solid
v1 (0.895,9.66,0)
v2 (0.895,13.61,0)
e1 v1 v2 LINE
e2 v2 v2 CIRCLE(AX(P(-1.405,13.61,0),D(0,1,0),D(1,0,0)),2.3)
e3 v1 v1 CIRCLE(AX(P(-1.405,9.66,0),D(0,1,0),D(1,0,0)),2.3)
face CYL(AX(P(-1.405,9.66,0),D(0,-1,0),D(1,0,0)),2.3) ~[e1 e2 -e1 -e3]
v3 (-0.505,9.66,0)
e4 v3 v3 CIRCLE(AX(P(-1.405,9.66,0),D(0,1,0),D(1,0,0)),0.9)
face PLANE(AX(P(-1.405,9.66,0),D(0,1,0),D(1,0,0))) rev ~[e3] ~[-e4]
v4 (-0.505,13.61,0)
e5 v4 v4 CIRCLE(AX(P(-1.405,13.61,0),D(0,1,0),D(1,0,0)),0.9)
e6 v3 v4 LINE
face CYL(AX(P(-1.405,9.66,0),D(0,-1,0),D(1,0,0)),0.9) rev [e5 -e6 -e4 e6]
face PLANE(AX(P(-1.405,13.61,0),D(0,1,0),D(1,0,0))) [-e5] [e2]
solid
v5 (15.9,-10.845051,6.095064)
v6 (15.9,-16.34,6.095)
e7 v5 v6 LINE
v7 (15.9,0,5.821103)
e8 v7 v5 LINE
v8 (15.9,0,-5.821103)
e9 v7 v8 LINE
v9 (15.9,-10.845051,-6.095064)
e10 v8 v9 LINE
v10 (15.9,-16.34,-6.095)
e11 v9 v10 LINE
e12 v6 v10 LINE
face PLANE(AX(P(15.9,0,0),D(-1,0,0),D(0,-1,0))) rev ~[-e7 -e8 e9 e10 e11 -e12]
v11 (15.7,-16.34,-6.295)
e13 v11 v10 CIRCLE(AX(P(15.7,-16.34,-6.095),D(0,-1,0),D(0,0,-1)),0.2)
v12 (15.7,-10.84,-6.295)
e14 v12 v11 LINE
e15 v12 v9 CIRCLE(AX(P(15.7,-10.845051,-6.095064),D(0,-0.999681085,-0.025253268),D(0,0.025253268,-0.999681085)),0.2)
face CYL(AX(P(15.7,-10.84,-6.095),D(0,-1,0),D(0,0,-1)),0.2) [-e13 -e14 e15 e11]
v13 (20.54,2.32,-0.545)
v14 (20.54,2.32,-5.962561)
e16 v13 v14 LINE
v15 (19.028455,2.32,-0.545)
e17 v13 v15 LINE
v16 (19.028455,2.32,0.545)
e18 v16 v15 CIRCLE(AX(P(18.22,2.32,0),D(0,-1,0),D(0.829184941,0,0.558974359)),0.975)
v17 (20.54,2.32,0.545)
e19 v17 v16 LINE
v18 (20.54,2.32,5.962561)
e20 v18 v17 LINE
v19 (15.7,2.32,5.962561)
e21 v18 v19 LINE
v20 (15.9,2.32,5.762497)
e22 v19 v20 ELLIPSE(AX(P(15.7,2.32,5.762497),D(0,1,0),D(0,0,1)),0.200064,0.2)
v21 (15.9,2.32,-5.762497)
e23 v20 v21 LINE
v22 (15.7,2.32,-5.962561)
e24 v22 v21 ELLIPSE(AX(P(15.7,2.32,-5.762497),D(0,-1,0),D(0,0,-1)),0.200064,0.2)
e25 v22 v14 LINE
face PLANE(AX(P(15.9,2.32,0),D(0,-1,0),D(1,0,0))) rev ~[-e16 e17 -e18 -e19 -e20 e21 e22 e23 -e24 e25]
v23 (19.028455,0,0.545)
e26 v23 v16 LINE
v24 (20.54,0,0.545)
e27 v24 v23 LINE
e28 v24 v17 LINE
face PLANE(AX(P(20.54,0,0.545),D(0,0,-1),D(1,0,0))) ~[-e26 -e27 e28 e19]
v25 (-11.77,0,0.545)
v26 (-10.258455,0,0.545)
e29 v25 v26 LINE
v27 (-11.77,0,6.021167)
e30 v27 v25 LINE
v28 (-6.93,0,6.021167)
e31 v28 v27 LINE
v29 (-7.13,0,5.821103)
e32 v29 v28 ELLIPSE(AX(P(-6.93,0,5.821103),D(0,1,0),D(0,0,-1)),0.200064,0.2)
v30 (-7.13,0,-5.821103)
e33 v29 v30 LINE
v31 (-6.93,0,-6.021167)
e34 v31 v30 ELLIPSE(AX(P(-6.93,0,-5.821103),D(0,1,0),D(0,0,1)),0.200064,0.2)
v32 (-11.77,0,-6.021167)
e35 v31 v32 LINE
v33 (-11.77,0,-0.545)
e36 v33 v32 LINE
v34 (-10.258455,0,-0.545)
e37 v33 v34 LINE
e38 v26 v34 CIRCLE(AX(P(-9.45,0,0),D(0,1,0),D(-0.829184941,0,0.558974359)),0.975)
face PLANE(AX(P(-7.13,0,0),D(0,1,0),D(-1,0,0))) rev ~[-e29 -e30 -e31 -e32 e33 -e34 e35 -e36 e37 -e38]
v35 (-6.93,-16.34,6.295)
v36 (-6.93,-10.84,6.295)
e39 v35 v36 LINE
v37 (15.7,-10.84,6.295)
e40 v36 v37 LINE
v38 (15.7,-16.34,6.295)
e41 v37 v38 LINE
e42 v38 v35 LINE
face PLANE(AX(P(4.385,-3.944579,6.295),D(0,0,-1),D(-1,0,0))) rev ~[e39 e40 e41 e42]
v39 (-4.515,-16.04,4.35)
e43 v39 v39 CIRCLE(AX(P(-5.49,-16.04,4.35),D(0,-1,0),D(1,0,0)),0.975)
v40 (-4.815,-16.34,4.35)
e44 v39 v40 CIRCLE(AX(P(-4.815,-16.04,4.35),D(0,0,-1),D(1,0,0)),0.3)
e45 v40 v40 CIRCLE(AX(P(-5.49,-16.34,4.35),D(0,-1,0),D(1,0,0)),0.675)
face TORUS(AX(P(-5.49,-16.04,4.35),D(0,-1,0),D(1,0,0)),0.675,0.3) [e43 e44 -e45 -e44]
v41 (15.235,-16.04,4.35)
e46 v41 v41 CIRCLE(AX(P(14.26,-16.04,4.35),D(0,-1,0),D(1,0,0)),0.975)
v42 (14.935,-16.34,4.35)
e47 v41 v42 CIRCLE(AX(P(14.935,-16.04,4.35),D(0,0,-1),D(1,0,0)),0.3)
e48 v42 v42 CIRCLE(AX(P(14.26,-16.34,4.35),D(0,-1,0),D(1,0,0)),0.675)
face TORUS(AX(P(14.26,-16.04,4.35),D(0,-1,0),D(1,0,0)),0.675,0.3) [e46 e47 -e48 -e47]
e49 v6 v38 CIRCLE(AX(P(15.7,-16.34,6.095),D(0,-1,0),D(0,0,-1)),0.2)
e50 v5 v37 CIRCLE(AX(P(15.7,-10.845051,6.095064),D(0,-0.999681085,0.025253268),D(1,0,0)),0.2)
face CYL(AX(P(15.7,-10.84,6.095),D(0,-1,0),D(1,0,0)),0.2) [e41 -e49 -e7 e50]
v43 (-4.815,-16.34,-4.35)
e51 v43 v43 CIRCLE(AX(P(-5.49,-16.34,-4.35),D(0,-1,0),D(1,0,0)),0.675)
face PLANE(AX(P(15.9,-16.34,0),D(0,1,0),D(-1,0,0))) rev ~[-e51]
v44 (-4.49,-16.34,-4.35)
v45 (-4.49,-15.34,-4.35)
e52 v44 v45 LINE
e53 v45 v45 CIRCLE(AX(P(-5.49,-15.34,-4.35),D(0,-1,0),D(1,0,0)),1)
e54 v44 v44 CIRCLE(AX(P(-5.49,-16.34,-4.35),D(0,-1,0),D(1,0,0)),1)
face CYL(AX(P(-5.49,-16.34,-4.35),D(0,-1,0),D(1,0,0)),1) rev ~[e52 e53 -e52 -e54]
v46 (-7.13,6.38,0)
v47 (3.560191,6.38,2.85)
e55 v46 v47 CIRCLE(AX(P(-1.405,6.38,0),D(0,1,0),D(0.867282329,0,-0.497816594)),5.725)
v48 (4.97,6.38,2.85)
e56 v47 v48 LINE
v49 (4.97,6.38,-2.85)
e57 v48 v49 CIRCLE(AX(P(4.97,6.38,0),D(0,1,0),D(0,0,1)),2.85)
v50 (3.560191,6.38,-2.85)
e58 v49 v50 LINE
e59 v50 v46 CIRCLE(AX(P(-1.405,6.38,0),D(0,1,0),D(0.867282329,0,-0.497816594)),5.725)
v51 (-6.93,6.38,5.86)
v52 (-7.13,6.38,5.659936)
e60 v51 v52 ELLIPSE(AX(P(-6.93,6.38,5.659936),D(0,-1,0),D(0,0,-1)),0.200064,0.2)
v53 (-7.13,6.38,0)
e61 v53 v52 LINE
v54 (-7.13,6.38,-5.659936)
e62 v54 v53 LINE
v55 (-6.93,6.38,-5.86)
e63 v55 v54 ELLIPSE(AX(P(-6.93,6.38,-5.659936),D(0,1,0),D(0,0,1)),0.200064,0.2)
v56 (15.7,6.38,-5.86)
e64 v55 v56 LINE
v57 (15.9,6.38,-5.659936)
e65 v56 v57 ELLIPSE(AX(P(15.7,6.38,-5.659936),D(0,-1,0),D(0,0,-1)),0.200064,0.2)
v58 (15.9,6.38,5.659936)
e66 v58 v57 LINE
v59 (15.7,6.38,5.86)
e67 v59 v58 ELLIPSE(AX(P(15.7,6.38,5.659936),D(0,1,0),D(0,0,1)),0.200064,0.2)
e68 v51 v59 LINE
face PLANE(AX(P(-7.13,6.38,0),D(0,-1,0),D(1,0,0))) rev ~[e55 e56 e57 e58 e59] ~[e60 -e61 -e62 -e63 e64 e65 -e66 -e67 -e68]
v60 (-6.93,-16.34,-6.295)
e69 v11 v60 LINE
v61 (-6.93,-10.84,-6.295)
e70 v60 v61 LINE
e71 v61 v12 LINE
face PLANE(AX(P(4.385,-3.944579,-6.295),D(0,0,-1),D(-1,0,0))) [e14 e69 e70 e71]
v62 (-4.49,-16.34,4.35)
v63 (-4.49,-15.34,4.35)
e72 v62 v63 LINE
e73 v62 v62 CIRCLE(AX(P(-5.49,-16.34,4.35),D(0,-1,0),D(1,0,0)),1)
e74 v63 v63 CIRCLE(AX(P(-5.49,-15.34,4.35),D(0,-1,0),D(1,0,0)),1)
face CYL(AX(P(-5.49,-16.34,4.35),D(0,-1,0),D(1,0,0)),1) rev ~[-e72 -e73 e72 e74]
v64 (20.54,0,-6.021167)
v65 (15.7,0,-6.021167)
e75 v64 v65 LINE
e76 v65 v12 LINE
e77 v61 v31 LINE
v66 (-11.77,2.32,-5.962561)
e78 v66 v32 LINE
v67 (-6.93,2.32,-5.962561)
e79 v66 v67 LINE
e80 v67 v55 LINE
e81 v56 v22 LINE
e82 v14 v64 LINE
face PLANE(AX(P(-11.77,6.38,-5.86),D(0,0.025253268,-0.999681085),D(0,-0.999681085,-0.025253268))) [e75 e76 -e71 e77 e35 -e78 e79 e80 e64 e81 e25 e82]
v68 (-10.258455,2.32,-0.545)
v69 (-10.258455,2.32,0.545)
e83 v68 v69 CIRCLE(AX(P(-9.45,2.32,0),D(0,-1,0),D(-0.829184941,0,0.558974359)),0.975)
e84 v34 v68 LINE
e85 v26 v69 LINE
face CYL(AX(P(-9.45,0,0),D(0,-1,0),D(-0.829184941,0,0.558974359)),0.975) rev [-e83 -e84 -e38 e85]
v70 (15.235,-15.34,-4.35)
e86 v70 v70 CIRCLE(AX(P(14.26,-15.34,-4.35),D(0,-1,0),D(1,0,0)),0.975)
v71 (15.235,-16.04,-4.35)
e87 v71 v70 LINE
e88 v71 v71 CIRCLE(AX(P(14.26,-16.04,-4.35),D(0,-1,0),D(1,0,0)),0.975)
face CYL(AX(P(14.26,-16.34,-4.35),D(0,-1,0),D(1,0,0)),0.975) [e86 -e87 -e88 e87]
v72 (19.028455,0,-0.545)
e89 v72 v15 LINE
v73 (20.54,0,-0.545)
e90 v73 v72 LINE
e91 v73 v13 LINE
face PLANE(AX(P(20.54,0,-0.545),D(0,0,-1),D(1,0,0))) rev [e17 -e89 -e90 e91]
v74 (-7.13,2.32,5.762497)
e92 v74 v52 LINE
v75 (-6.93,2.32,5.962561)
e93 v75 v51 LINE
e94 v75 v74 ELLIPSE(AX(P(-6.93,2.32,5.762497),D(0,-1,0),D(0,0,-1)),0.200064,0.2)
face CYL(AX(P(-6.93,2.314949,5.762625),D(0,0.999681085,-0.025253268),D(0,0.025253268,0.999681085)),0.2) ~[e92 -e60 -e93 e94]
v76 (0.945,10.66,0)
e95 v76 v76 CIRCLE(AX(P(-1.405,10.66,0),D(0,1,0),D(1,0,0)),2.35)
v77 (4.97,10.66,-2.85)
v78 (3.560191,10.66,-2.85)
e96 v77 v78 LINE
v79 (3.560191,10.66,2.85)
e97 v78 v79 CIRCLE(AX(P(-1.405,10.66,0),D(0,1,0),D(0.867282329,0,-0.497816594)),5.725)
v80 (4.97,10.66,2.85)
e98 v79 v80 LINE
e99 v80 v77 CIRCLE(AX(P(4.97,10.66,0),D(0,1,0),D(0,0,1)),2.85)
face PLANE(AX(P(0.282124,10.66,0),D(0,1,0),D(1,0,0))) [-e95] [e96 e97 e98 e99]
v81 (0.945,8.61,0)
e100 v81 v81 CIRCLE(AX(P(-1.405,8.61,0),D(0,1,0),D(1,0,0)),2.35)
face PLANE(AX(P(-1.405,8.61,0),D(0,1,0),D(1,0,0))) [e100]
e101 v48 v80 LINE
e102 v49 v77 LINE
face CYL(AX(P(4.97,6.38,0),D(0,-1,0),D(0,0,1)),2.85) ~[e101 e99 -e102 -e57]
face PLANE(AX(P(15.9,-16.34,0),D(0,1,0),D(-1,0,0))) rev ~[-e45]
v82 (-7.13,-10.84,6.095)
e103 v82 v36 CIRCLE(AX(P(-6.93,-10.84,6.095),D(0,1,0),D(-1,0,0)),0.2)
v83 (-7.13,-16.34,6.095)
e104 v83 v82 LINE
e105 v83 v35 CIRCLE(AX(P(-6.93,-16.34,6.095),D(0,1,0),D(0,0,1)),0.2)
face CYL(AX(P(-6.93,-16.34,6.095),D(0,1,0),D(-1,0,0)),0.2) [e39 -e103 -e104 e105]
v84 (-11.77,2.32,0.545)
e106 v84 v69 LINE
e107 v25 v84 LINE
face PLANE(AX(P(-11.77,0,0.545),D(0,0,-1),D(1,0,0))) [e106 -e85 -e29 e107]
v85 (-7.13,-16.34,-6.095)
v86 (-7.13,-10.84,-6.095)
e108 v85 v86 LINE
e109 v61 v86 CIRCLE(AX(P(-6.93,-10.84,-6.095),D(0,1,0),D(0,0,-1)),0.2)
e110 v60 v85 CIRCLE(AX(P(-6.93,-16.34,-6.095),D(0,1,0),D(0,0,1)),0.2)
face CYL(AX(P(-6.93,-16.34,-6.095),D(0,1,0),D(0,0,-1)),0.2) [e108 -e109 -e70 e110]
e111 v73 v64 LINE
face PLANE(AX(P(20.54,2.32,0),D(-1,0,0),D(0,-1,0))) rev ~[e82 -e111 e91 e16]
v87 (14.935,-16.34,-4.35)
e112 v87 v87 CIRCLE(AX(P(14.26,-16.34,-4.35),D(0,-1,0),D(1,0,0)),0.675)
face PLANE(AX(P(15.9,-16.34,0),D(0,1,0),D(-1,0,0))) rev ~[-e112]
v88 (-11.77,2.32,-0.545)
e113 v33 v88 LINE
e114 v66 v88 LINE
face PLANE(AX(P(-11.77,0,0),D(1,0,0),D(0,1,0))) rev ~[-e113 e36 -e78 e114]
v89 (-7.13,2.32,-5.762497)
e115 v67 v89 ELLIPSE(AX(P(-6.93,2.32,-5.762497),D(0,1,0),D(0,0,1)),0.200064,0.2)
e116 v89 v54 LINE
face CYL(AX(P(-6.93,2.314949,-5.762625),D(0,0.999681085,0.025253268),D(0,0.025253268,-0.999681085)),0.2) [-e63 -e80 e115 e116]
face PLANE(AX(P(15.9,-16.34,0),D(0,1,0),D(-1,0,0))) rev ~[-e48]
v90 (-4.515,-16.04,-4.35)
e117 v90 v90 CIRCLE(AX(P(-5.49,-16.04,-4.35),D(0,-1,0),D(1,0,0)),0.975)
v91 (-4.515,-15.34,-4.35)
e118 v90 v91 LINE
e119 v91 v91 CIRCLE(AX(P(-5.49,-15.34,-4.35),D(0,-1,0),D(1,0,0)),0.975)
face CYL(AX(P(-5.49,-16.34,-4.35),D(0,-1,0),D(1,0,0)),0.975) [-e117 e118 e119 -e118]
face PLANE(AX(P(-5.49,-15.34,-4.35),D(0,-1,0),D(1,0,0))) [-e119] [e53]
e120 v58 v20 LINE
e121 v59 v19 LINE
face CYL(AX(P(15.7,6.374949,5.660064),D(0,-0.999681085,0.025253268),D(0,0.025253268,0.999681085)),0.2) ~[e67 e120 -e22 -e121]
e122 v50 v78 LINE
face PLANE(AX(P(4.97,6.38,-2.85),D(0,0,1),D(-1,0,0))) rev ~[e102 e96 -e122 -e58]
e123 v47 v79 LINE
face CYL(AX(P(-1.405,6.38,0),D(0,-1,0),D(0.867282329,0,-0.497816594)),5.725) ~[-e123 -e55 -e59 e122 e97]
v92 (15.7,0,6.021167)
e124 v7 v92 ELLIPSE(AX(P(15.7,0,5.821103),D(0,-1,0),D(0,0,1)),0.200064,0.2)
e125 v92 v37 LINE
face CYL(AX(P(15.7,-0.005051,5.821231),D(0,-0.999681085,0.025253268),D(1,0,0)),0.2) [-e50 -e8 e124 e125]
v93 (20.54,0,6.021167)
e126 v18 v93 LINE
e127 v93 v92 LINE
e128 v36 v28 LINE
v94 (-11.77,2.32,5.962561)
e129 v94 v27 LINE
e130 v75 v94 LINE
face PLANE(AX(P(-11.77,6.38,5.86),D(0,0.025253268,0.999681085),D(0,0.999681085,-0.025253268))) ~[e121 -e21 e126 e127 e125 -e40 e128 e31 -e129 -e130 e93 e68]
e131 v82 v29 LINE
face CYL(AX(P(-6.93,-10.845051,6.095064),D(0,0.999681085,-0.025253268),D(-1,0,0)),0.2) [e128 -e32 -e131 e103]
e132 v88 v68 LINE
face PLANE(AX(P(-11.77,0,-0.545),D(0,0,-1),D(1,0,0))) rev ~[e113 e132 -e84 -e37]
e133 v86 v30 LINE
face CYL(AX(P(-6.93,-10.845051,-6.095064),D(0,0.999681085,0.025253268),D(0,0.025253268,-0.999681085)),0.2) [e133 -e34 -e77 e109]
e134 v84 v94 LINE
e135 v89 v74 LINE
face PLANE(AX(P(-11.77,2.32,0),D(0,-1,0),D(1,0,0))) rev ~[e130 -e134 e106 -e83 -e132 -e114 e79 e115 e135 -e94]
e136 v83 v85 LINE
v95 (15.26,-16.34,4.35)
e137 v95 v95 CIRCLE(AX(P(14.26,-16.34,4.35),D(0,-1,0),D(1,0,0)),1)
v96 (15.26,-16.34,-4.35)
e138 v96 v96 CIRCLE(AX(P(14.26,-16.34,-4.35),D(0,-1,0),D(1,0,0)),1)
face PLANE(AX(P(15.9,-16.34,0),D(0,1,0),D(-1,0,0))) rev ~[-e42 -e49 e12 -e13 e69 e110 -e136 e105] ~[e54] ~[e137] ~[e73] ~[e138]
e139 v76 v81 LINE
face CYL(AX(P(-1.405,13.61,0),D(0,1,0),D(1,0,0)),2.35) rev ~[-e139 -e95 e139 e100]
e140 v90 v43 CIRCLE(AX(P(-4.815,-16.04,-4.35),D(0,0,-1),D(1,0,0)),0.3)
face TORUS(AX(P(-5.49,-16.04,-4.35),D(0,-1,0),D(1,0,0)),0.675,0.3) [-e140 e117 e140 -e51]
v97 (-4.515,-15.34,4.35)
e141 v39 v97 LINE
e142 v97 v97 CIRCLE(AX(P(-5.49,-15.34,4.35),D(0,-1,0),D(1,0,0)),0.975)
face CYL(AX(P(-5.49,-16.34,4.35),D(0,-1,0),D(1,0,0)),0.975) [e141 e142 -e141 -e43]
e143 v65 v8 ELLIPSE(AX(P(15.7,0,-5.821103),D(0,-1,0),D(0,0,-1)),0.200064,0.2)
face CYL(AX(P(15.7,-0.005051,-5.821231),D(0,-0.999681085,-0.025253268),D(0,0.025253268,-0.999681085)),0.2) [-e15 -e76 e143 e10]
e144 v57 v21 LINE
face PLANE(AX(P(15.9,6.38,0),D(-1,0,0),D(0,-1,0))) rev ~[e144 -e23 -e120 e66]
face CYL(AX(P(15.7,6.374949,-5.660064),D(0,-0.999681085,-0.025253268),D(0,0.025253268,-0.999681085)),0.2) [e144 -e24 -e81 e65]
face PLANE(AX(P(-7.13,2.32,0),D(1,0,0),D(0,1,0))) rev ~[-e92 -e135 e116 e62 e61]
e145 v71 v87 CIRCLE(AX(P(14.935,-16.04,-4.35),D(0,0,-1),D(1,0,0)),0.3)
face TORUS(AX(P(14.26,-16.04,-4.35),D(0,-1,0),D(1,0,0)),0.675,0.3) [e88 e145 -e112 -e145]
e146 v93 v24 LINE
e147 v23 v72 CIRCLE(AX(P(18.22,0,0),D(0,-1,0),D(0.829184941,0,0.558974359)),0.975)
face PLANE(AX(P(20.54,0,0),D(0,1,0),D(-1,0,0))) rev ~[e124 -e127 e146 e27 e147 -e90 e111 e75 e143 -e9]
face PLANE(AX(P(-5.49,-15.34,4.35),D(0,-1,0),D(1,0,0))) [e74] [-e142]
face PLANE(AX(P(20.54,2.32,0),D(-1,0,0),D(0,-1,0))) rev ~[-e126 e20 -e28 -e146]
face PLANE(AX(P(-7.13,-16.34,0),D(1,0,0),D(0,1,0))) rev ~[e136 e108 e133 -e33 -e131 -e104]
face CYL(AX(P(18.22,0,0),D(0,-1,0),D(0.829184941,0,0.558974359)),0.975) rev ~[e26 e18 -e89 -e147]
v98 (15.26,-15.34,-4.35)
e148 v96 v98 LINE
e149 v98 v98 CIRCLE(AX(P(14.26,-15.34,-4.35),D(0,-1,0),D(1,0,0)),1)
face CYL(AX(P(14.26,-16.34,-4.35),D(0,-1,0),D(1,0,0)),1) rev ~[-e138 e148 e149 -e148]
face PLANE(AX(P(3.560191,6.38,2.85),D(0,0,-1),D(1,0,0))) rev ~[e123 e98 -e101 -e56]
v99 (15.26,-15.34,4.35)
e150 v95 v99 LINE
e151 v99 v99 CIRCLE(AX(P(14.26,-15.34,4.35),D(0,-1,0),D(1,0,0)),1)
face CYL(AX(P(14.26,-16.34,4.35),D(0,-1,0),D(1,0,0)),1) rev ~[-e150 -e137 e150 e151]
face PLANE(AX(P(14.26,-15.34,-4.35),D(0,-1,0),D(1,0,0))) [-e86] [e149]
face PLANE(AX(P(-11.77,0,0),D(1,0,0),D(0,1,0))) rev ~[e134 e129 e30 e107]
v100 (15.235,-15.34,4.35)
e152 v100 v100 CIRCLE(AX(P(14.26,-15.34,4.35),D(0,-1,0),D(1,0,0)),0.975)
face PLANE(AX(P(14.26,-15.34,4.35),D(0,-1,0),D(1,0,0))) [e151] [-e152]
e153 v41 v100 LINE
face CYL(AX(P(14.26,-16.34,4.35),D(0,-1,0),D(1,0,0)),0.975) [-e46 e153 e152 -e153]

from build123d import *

# Parameters (mm, degrees)
BOSS_EXTRUDE1_DEPTH      = 6.295
BOSS_EXTRUDE2_DEPTH      = 4.28
CUT_EXTRUDE4_DEPTH       = 37.749948639
SKETCH4_R                = 0.975
SKETCH4_W                = 1.511544683
SKETCH4_H                = 1.09
CUT_EXTRUDE1_DEPTH       = 27.991002668
SKETCH5_R                = 1
SKETCH5_R_2              = 0.975
CUT_EXTRUDE2_DEPTH       = 1
FILLET1_R                = 0.3
FILLET3_R                = 0.2
BOSS_EXTRUDE6_DEPTH      = 2.95
BOSS_EXTRUDE6_DEPTH_BACK = 1
SKETCH12_R               = 2.3
SKETCH12_R_2             = 0.9
SKETCH13_R               = 2.35
CUT_EXTRUDE5_DEPTH       = 5


with BuildPart() as part:
    # Sketch1 → Boss-Extrude1 (new, symmetric)
    with BuildSketch(Plane.XY):
        Polygon((-7.13, 6.38), (15.9, 6.38), (15.9, 2.32), (20.54, 2.32), (20.54, 0), (15.9, 0), (15.9, -16.34), (-7.13, -16.34), (-7.13, 0), (-11.77, 0), (-11.77, 2.32), (-7.13, 2.32), align=None)
    extrude(amount=BOSS_EXTRUDE1_DEPTH, both=True)

    # Sketch2 → Boss-Extrude2 (add)
    with BuildSketch(Plane(origin=(0, 6.38, 0), x_dir=(1, 0, 0), z_dir=(0, 1, 0))):
        with BuildLine():
            Line((3.560191336, -2.85), (4.97, -2.85))
            ThreePointArc((4.97, -2.85), (7.82, 0), (4.97, 2.85))
            Line((4.97, 2.85), (3.560191336, 2.85))
            ThreePointArc((3.560191336, 2.85), (-7.13, 0), (3.560191336, -2.85))
        make_face()
    extrude(amount=BOSS_EXTRUDE2_DEPTH)

    # Sketch11 → Cut-Extrude4 (cut, through all)
    with BuildSketch(Plane.ZY.offset(11.77)):
        Polygon((-5.86, 6.38), (-6.295, -10.84), (-6.295, 6.38), align=None)
    cut_extrude4 = extrude(amount=-CUT_EXTRUDE4_DEPTH, mode=Mode.SUBTRACT)

    # Mirror1: Cut-Extrude4 across plane
    add(cut_extrude4.mirror(Plane.XY), mode=Mode.SUBTRACT)

    # Sketch4 → Cut-Extrude1 (cut, through all)
    with BuildSketch(Plane(origin=(0, 0, 0), x_dir=(1, 0, 0), z_dir=(0, 1, 0))):
        with Locations((-9.45, 0)):
            Circle(SKETCH4_R)
        with Locations((-11.014227659, 0)):
            Rectangle(SKETCH4_W, SKETCH4_H)
    cut_extrude1 = extrude(amount=CUT_EXTRUDE1_DEPTH, mode=Mode.SUBTRACT)

    # Mirror2: Cut-Extrude1 across plane
    add(cut_extrude1.mirror(Plane(origin=(4.385, -10.84, 6.295), x_dir=(0, 0, 1), z_dir=(-1, 0, 0))), mode=Mode.SUBTRACT)

    # Sketch5 → Cut-Extrude2 (cut)
    # profile 1 of 4: a face of its own
    with BuildSketch(Plane.XZ.offset(16.34)):
        with Locations((-5.49, 4.35)):
            Circle(SKETCH5_R)
        with Locations((-5.49, 4.35)):
            Circle(SKETCH5_R_2, mode=Mode.SUBTRACT)
    # profile 2 of 4: a face of its own
    with BuildSketch(Plane.XZ.offset(16.34)):
        with Locations((-5.49, -4.35)):
            Circle(SKETCH5_R)
        with Locations((-5.49, -4.35)):
            Circle(SKETCH5_R_2, mode=Mode.SUBTRACT)
    # profile 3 of 4: a face of its own
    with BuildSketch(Plane.XZ.offset(16.34)):
        with Locations((14.26, -4.35)):
            Circle(SKETCH5_R)
        with Locations((14.26, -4.35)):
            Circle(SKETCH5_R_2, mode=Mode.SUBTRACT)
    # profile 4 of 4: a face of its own
    with BuildSketch(Plane.XZ.offset(16.34)):
        with Locations((14.26, 4.35)):
            Circle(SKETCH5_R)
        with Locations((14.26, 4.35)):
            Circle(SKETCH5_R_2, mode=Mode.SUBTRACT)
    extrude(amount=-CUT_EXTRUDE2_DEPTH, mode=Mode.SUBTRACT)

    # Fillet1
    fillet1_edges = [part.edges().sort_by_distance(p)[0] for p in [
        (13.285, -16.34, -4.35),
        (13.285, -16.34, 4.35),
        (-6.465, -16.34, -4.35),
        (-6.465, -16.34, 4.35),
    ]]
    fillet(fillet1_edges, radius=FILLET1_R)

    # Fillet3
    fillet3_edges = [part.edges().sort_by_distance(p)[0] for p in [
        (15.9, -13.59, -6.295),
        (15.9, -13.59, 6.295),
        (-7.13, -13.59, -6.295),
        (-7.13, -13.59, 6.295),
        (-7.13, -5.42, 6.158083624),
        (-7.13, -5.42, -6.158083624),
        (15.9, -5.42, 6.158083624),
        (15.9, -5.42, -6.158083624),
        (15.9, 4.35, -5.911280488),
        (15.9, 4.35, 5.911280488),
        (-7.13, 4.35, -5.911280488),
        (-7.13, 4.35, 5.911280488),
    ]]
    fillet(fillet3_edges, radius=FILLET3_R)

    # Sketch13 → Cut-Extrude5 (cut)
    with BuildSketch(Plane(origin=(0, 13.61, 0), x_dir=(1, 0, 0), z_dir=(0, 1, 0))):
        with Locations((-1.405, 0)):
            Circle(SKETCH13_R)
    extrude(amount=-CUT_EXTRUDE5_DEPTH, mode=Mode.SUBTRACT)


with BuildPart() as body_2:
    # Sketch12 → Boss-Extrude6 (new, two sides: drawn at the far end of the back side and taken through both)
    with BuildSketch(Plane(origin=(0, 10.66, 0), x_dir=(1, 0, 0), z_dir=(0, 1, 0)).offset(-BOSS_EXTRUDE6_DEPTH_BACK)):
        with Locations((-1.405, 0)):
            Circle(SKETCH12_R)
        with Locations((-1.405, 0)):
            Circle(SKETCH12_R_2, mode=Mode.SUBTRACT)
    extrude(amount=BOSS_EXTRUDE6_DEPTH + BOSS_EXTRUDE6_DEPTH_BACK)


solid = Compound([part.part, body_2.part])
